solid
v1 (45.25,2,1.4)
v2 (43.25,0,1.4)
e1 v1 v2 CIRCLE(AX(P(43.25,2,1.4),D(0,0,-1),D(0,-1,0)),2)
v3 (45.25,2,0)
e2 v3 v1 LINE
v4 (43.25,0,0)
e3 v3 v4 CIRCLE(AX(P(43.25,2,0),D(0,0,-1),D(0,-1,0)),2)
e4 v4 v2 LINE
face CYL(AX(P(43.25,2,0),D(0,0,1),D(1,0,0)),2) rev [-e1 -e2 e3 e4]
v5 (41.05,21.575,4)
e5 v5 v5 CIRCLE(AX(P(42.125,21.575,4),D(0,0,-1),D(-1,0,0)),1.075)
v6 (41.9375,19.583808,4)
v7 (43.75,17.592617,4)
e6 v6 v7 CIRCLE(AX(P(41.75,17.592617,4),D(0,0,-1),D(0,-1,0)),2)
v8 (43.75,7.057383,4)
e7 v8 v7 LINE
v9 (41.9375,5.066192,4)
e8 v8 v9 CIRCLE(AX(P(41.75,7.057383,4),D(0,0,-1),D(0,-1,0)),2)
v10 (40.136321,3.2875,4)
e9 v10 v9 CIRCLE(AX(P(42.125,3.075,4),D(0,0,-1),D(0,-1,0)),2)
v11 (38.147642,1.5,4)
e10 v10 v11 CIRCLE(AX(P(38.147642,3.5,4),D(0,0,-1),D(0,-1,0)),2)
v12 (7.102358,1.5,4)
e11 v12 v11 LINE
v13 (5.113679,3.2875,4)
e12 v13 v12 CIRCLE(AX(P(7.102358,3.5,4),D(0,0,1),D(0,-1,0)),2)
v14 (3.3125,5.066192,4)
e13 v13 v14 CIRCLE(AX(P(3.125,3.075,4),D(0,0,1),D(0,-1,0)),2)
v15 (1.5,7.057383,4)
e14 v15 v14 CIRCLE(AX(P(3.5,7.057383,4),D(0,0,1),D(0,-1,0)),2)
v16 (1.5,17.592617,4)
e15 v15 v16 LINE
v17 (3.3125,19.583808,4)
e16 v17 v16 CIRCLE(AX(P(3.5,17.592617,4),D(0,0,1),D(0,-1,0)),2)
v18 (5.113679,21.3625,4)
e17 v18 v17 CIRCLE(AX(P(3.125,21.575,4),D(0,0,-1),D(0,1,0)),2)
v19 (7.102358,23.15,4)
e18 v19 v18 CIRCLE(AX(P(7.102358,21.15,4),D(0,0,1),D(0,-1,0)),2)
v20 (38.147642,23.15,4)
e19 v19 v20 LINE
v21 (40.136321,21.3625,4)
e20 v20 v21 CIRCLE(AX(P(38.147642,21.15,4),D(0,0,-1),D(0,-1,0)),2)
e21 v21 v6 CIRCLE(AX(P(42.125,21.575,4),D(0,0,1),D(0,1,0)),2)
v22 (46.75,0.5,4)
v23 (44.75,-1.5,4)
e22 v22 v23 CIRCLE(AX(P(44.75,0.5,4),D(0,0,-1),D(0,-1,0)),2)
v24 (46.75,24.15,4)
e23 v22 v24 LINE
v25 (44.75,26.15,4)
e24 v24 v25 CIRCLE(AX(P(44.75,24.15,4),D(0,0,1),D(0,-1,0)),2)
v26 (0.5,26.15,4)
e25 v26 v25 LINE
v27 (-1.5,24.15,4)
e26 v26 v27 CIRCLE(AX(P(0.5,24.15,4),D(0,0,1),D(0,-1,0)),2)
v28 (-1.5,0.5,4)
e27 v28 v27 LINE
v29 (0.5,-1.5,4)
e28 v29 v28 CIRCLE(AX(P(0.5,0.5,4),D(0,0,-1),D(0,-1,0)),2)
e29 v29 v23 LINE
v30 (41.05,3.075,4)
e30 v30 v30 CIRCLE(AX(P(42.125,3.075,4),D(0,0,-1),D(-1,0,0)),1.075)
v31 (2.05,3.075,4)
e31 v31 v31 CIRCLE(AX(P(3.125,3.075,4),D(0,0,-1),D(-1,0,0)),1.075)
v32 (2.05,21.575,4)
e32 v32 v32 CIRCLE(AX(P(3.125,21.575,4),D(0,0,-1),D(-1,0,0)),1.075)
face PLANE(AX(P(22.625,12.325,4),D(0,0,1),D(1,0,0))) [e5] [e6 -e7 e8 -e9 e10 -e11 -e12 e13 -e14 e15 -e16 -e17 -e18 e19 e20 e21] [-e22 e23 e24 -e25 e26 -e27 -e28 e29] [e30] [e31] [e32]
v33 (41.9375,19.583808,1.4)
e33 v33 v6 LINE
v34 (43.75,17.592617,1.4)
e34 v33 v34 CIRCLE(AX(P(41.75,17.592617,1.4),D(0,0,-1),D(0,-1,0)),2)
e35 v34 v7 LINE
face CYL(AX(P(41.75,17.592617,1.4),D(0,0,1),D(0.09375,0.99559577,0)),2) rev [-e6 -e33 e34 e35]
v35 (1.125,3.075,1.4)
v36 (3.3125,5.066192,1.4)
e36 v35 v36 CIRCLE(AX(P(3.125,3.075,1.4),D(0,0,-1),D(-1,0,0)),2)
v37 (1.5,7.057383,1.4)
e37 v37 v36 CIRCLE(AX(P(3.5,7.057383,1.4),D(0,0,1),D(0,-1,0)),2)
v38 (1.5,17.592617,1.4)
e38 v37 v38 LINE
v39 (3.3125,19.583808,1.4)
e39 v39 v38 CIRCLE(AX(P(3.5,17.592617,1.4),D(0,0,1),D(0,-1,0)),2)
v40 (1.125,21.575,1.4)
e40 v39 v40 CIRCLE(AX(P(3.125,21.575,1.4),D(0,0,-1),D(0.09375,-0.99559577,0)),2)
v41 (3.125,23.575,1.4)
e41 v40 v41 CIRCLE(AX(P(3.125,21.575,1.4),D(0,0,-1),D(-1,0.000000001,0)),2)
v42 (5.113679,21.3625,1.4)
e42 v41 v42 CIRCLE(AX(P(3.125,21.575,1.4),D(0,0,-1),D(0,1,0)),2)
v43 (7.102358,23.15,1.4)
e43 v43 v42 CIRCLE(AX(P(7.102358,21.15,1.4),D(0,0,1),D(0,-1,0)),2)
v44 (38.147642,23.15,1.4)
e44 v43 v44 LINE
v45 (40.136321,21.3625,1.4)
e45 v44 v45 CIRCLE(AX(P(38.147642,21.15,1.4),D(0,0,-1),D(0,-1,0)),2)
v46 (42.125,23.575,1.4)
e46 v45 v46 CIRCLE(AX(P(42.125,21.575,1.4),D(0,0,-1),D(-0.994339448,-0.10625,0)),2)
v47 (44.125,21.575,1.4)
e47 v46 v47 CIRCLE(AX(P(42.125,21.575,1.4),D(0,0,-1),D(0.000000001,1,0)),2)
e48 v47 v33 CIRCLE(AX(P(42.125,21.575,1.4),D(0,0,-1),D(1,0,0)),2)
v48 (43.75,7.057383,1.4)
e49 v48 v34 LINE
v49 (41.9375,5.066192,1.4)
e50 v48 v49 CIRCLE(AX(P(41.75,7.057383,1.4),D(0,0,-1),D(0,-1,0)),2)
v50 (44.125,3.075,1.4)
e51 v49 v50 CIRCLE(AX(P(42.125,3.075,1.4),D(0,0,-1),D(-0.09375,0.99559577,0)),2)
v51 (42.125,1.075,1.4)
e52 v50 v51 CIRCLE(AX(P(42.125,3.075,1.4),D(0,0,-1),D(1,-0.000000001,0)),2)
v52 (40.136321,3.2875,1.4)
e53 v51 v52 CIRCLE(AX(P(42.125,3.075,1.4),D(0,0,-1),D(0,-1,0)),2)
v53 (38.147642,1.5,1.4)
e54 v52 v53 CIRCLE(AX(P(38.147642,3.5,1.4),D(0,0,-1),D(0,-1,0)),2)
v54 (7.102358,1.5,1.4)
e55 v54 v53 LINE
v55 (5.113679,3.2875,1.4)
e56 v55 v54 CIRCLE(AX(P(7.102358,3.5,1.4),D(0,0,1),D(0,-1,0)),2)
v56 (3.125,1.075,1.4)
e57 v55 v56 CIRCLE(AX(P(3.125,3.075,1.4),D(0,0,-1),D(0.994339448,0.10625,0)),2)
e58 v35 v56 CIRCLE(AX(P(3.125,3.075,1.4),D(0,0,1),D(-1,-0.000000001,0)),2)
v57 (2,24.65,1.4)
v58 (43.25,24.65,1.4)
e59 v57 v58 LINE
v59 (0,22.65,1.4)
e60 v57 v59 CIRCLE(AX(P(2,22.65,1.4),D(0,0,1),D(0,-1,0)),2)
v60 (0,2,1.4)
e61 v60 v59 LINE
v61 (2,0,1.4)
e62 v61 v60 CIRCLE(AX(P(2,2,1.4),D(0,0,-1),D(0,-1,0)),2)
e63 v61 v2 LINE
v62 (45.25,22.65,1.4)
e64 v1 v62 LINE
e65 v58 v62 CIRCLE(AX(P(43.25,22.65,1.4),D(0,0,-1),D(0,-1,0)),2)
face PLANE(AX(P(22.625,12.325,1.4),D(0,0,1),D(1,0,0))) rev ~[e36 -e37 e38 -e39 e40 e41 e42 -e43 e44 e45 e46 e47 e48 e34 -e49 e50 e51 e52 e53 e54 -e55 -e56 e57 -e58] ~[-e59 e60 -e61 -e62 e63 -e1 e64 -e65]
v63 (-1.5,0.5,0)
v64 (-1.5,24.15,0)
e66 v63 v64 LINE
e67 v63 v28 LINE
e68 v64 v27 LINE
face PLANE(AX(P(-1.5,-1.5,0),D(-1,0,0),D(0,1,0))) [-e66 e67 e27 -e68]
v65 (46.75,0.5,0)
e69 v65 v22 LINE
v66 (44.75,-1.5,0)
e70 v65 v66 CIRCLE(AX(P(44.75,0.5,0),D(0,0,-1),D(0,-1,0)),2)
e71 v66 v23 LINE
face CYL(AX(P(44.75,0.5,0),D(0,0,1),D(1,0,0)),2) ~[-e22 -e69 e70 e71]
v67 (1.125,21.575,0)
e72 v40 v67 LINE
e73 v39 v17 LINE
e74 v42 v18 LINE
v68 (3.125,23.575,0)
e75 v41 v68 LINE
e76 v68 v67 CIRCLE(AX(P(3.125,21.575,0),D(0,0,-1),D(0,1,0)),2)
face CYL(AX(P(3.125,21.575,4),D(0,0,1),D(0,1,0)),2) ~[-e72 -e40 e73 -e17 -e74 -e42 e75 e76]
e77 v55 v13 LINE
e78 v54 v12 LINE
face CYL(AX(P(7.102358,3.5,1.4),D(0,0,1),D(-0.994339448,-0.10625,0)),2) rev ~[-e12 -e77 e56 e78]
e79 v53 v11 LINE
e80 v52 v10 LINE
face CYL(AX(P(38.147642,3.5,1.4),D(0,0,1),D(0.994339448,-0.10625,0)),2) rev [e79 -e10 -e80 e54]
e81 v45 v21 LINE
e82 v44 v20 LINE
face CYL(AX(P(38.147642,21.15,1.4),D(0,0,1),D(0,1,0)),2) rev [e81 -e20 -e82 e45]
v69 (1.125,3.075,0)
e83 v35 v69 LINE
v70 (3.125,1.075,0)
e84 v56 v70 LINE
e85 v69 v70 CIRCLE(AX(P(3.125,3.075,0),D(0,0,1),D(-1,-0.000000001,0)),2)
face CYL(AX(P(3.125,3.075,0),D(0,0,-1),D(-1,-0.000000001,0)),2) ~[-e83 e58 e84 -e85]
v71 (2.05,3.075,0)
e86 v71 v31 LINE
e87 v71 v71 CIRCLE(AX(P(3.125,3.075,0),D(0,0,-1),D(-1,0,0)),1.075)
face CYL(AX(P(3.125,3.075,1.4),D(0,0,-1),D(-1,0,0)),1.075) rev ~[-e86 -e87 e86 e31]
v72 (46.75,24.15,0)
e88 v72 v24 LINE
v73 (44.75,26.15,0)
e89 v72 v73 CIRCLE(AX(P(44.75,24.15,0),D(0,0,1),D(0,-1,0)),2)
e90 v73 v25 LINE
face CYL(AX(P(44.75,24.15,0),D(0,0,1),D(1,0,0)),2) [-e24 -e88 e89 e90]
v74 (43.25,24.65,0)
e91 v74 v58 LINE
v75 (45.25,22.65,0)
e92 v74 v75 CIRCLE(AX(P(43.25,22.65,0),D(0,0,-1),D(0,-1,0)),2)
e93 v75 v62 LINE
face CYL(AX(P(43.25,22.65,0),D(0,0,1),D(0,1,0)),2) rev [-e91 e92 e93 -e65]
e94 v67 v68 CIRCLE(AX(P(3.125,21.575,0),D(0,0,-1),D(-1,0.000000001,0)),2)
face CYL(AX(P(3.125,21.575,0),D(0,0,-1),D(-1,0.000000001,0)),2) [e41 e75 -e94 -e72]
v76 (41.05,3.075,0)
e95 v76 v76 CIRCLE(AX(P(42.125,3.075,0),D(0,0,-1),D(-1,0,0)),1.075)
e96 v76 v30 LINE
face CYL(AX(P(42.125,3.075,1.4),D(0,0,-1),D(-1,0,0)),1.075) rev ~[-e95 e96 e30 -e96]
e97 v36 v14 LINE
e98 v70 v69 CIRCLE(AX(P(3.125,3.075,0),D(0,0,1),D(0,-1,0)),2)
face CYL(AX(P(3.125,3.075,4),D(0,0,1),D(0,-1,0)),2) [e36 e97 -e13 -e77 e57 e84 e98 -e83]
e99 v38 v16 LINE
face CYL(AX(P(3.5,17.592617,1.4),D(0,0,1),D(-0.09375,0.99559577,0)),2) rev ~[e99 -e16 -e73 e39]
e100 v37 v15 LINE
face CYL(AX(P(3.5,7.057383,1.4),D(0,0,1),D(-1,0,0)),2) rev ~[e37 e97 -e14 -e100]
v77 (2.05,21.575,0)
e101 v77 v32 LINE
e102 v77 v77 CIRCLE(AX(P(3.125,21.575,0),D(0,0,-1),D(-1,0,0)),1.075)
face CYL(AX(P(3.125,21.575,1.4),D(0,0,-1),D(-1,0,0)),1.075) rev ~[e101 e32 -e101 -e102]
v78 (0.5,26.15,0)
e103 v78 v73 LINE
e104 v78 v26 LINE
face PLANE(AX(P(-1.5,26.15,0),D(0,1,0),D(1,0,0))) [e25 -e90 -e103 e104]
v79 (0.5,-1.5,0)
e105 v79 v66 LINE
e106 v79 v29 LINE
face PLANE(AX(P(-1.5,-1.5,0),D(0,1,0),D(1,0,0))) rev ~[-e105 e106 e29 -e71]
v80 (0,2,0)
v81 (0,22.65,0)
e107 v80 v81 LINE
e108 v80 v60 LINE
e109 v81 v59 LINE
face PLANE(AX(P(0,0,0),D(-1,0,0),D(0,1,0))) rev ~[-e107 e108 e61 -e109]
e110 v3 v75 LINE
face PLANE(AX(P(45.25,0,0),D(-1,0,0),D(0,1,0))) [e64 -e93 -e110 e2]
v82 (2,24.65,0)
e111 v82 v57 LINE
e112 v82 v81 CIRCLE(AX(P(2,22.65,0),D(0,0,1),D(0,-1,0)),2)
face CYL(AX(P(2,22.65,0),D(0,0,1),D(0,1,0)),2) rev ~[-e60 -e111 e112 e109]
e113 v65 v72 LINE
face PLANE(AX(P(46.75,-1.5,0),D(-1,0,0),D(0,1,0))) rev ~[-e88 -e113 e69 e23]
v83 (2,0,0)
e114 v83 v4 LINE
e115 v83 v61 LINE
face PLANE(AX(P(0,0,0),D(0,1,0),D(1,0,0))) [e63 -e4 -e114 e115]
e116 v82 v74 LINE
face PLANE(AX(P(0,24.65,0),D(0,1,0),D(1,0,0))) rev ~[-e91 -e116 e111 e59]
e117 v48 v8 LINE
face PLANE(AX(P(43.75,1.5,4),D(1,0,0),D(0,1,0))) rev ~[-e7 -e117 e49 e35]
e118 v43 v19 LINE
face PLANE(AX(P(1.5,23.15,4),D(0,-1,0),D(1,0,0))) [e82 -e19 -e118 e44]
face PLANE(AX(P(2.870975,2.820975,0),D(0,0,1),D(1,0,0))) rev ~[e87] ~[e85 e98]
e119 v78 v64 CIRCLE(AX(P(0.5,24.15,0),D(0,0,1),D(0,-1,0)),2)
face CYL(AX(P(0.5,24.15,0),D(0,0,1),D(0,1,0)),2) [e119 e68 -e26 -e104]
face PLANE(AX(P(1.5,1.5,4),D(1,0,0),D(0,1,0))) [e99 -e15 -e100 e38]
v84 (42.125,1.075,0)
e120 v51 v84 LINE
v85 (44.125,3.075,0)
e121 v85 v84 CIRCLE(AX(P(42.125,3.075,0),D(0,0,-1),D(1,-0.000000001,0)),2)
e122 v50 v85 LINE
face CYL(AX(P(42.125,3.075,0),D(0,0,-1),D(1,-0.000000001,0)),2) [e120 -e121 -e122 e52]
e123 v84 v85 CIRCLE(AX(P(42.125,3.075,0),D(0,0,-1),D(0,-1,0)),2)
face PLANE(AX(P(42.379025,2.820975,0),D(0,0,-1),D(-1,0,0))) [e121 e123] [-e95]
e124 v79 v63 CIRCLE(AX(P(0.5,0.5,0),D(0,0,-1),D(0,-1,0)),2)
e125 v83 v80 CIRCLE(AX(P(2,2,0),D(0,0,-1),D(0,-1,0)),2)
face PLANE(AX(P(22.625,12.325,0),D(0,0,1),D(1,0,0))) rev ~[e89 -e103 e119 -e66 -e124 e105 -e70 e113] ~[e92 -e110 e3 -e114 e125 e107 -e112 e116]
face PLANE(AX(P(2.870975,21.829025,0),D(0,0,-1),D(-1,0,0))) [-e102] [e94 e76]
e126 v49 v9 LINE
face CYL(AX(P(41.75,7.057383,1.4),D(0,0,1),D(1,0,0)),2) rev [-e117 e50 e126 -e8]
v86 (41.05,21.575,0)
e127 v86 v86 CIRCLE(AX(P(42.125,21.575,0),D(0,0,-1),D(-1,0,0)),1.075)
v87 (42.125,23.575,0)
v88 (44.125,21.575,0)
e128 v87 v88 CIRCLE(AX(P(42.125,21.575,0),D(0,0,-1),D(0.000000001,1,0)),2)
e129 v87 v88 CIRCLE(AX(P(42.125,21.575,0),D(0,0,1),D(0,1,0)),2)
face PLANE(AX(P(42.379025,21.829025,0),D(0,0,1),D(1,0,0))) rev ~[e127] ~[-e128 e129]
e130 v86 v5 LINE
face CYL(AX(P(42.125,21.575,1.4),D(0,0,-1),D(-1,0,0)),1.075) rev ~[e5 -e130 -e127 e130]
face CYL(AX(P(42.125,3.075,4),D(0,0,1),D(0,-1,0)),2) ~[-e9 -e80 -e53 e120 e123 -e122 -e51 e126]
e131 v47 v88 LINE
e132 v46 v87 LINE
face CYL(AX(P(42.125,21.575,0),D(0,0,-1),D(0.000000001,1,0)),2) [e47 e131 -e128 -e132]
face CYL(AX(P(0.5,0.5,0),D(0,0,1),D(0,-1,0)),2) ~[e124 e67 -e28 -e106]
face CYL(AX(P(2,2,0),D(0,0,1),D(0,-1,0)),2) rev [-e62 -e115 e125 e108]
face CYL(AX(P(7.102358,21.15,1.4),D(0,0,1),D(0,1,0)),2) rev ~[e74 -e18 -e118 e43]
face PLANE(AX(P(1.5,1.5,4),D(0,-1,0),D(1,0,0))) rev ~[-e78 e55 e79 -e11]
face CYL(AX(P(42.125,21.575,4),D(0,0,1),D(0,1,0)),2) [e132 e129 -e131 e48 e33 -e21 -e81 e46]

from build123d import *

# Parameters (mm, degrees)
SKETCH1_W           = 48.25
SKETCH1_H           = 27.65
SKETCH1_W_2         = 45.25
SKETCH1_H_2         = 24.65
MAIN_BODY_DEPTH     = 4
SKETCH3_W           = 45.25
SKETCH3_H           = 24.65
SKETCH3_W_2         = 42.25
SKETCH3_H_2         = 21.65
BOSS_EXTRUDE2_DEPTH = 2.6
BOSS_EXTRUDE3_START = -2.6
BOSS_EXTRUDE3_DEPTH = 4
SKETCH5_R           = 1.075
CUT_EXTRUDE1_DEPTH  = 1.4
SKETCH6_R           = 1.075
CUT_EXTRUDE2_DEPTH  = 3.6
FILLET1_R           = 2


with BuildPart() as part:
    # Sketch1 → Main Body (new body)
    with BuildSketch(Plane.XY):
        with Locations((22.625, 12.325)):
            Rectangle(SKETCH1_W, SKETCH1_H)
        with Locations((22.625, 12.325)):
            Rectangle(SKETCH1_W_2, SKETCH1_H_2, mode=Mode.SUBTRACT)
    extrude(amount=MAIN_BODY_DEPTH)

    # Sketch3 → Boss-Extrude2 (add)
    with BuildSketch(Plane.XY.offset(4)):
        with Locations((22.625, 12.325)):
            Rectangle(SKETCH3_W, SKETCH3_H)
        with Locations((22.625, 12.325)):
            Rectangle(SKETCH3_W_2, SKETCH3_H_2, mode=Mode.SUBTRACT)
    extrude(amount=-BOSS_EXTRUDE2_DEPTH)

    # Sketch4 → Boss-Extrude3 (add)
    with BuildSketch(Plane(origin=(0, 0, 1.4), x_dir=(-1, 0, 0), z_dir=(0, 0, -1)).offset(BOSS_EXTRUDE3_START)):
        with BuildLine():
            Line((-1.125, 21.575), (-1.125, 23.575))
            Line((-1.125, 23.575), (-3.125, 23.575))
            ThreePointArc((-3.125, 23.575), (-4.539213562, 20.160786438), (-1.125, 21.575))
        make_face()
        with BuildLine():
            Line((-1.125, 1.075), (-3.125, 1.075))
            ThreePointArc((-3.125, 1.075), (-4.539213562, 4.489213562), (-1.125, 3.075))
            Line((-1.125, 3.075), (-1.125, 1.075))
        make_face()
        with BuildLine():
            Line((-44.125, 3.075), (-44.125, 1.075))
            Line((-44.125, 1.075), (-42.125, 1.075))
            ThreePointArc((-42.125, 1.075), (-40.710786438, 4.489213562), (-44.125, 3.075))
        make_face()
        with BuildLine():
            Line((-44.125, 23.575), (-42.125, 23.575))
            ThreePointArc((-42.125, 23.575), (-40.710786438, 20.160786438), (-44.125, 21.575))
            Line((-44.125, 21.575), (-44.125, 23.575))
        make_face()
    extrude(amount=BOSS_EXTRUDE3_DEPTH)

    # Sketch5 → Cut-Extrude1 (cut)
    with BuildSketch(Plane(origin=(0, 0, 0), x_dir=(-1, 0, 0), z_dir=(0, 0, -1))):
        with BuildLine():
            ThreePointArc((-1.125, 21.575), (-1.710786438, 22.989213562), (-3.125, 23.575))
            Line((-3.125, 23.575), (-1.125, 23.575))
            Line((-1.125, 23.575), (-1.125, 21.575))
        make_face()
        with Locations((-3.125, 21.575)):
            Circle(SKETCH5_R)
        with Locations((-3.125, 3.075)):
            Circle(SKETCH5_R)
        with BuildLine():
            Line((-1.125, 1.075), (-1.125, 3.075))
            ThreePointArc((-1.125, 3.075), (-1.710786438, 1.660786438), (-3.125, 1.075))
            Line((-3.125, 1.075), (-1.125, 1.075))
        make_face()
        with Locations((-42.125, 3.075)):
            Circle(SKETCH5_R)
        with BuildLine():
            ThreePointArc((-44.125, 3.075), (-43.539213562, 1.660786438), (-42.125, 1.075))
            Line((-42.125, 1.075), (-44.125, 1.075))
            Line((-44.125, 1.075), (-44.125, 3.075))
        make_face()
        with Locations((-42.125, 21.575)):
            Circle(SKETCH5_R)
        with BuildLine():
            ThreePointArc((-42.125, 23.575), (-43.539213562, 22.989213562), (-44.125, 21.575))
            Line((-44.125, 21.575), (-44.125, 23.575))
            Line((-44.125, 23.575), (-42.125, 23.575))
        make_face()
    extrude(amount=-CUT_EXTRUDE1_DEPTH, mode=Mode.SUBTRACT)

    # Sketch6 → Cut-Extrude2 (cut, through all)
    with BuildSketch(Plane(origin=(0, 0, 1.4), x_dir=(-1, 0, 0), z_dir=(0, 0, -1))):
        with Locations((-3.125, 21.575)):
            Circle(SKETCH6_R)
        with Locations((-3.125, 3.075)):
            Circle(SKETCH6_R)
        with Locations((-42.125, 3.075)):
            Circle(SKETCH6_R)
        with Locations((-42.125, 21.575)):
            Circle(SKETCH6_R)
    extrude(amount=-CUT_EXTRUDE2_DEPTH, mode=Mode.SUBTRACT)

    # Fillet1
    fillet1_edges = [part.edges().sort_by_distance(p)[0] for p in [
        (43.75, 20.409077618, 2.7),
        (40.892370696, 23.15, 2.7),
        (45.25, 24.65, 0.7),
        (0, 24.65, 0.7),
        (45.25, 0, 0.7),
        (0, 0, 0.7),
        (4.357629304, 1.5, 2.7),
        (1.5, 4.240922382, 2.7),
        (43.75, 4.240922382, 2.7),
        (-1.5, 26.15, 2),
        (46.75, 26.15, 2),
        (40.892370696, 1.5, 2.7),
        (46.75, -1.5, 2),
        (-1.5, -1.5, 2),
        (4.357629304, 23.15, 2.7),
        (1.5, 20.409077618, 2.7),
    ]]
    fillet(fillet1_edges, radius=FILLET1_R)


solid = part.part
